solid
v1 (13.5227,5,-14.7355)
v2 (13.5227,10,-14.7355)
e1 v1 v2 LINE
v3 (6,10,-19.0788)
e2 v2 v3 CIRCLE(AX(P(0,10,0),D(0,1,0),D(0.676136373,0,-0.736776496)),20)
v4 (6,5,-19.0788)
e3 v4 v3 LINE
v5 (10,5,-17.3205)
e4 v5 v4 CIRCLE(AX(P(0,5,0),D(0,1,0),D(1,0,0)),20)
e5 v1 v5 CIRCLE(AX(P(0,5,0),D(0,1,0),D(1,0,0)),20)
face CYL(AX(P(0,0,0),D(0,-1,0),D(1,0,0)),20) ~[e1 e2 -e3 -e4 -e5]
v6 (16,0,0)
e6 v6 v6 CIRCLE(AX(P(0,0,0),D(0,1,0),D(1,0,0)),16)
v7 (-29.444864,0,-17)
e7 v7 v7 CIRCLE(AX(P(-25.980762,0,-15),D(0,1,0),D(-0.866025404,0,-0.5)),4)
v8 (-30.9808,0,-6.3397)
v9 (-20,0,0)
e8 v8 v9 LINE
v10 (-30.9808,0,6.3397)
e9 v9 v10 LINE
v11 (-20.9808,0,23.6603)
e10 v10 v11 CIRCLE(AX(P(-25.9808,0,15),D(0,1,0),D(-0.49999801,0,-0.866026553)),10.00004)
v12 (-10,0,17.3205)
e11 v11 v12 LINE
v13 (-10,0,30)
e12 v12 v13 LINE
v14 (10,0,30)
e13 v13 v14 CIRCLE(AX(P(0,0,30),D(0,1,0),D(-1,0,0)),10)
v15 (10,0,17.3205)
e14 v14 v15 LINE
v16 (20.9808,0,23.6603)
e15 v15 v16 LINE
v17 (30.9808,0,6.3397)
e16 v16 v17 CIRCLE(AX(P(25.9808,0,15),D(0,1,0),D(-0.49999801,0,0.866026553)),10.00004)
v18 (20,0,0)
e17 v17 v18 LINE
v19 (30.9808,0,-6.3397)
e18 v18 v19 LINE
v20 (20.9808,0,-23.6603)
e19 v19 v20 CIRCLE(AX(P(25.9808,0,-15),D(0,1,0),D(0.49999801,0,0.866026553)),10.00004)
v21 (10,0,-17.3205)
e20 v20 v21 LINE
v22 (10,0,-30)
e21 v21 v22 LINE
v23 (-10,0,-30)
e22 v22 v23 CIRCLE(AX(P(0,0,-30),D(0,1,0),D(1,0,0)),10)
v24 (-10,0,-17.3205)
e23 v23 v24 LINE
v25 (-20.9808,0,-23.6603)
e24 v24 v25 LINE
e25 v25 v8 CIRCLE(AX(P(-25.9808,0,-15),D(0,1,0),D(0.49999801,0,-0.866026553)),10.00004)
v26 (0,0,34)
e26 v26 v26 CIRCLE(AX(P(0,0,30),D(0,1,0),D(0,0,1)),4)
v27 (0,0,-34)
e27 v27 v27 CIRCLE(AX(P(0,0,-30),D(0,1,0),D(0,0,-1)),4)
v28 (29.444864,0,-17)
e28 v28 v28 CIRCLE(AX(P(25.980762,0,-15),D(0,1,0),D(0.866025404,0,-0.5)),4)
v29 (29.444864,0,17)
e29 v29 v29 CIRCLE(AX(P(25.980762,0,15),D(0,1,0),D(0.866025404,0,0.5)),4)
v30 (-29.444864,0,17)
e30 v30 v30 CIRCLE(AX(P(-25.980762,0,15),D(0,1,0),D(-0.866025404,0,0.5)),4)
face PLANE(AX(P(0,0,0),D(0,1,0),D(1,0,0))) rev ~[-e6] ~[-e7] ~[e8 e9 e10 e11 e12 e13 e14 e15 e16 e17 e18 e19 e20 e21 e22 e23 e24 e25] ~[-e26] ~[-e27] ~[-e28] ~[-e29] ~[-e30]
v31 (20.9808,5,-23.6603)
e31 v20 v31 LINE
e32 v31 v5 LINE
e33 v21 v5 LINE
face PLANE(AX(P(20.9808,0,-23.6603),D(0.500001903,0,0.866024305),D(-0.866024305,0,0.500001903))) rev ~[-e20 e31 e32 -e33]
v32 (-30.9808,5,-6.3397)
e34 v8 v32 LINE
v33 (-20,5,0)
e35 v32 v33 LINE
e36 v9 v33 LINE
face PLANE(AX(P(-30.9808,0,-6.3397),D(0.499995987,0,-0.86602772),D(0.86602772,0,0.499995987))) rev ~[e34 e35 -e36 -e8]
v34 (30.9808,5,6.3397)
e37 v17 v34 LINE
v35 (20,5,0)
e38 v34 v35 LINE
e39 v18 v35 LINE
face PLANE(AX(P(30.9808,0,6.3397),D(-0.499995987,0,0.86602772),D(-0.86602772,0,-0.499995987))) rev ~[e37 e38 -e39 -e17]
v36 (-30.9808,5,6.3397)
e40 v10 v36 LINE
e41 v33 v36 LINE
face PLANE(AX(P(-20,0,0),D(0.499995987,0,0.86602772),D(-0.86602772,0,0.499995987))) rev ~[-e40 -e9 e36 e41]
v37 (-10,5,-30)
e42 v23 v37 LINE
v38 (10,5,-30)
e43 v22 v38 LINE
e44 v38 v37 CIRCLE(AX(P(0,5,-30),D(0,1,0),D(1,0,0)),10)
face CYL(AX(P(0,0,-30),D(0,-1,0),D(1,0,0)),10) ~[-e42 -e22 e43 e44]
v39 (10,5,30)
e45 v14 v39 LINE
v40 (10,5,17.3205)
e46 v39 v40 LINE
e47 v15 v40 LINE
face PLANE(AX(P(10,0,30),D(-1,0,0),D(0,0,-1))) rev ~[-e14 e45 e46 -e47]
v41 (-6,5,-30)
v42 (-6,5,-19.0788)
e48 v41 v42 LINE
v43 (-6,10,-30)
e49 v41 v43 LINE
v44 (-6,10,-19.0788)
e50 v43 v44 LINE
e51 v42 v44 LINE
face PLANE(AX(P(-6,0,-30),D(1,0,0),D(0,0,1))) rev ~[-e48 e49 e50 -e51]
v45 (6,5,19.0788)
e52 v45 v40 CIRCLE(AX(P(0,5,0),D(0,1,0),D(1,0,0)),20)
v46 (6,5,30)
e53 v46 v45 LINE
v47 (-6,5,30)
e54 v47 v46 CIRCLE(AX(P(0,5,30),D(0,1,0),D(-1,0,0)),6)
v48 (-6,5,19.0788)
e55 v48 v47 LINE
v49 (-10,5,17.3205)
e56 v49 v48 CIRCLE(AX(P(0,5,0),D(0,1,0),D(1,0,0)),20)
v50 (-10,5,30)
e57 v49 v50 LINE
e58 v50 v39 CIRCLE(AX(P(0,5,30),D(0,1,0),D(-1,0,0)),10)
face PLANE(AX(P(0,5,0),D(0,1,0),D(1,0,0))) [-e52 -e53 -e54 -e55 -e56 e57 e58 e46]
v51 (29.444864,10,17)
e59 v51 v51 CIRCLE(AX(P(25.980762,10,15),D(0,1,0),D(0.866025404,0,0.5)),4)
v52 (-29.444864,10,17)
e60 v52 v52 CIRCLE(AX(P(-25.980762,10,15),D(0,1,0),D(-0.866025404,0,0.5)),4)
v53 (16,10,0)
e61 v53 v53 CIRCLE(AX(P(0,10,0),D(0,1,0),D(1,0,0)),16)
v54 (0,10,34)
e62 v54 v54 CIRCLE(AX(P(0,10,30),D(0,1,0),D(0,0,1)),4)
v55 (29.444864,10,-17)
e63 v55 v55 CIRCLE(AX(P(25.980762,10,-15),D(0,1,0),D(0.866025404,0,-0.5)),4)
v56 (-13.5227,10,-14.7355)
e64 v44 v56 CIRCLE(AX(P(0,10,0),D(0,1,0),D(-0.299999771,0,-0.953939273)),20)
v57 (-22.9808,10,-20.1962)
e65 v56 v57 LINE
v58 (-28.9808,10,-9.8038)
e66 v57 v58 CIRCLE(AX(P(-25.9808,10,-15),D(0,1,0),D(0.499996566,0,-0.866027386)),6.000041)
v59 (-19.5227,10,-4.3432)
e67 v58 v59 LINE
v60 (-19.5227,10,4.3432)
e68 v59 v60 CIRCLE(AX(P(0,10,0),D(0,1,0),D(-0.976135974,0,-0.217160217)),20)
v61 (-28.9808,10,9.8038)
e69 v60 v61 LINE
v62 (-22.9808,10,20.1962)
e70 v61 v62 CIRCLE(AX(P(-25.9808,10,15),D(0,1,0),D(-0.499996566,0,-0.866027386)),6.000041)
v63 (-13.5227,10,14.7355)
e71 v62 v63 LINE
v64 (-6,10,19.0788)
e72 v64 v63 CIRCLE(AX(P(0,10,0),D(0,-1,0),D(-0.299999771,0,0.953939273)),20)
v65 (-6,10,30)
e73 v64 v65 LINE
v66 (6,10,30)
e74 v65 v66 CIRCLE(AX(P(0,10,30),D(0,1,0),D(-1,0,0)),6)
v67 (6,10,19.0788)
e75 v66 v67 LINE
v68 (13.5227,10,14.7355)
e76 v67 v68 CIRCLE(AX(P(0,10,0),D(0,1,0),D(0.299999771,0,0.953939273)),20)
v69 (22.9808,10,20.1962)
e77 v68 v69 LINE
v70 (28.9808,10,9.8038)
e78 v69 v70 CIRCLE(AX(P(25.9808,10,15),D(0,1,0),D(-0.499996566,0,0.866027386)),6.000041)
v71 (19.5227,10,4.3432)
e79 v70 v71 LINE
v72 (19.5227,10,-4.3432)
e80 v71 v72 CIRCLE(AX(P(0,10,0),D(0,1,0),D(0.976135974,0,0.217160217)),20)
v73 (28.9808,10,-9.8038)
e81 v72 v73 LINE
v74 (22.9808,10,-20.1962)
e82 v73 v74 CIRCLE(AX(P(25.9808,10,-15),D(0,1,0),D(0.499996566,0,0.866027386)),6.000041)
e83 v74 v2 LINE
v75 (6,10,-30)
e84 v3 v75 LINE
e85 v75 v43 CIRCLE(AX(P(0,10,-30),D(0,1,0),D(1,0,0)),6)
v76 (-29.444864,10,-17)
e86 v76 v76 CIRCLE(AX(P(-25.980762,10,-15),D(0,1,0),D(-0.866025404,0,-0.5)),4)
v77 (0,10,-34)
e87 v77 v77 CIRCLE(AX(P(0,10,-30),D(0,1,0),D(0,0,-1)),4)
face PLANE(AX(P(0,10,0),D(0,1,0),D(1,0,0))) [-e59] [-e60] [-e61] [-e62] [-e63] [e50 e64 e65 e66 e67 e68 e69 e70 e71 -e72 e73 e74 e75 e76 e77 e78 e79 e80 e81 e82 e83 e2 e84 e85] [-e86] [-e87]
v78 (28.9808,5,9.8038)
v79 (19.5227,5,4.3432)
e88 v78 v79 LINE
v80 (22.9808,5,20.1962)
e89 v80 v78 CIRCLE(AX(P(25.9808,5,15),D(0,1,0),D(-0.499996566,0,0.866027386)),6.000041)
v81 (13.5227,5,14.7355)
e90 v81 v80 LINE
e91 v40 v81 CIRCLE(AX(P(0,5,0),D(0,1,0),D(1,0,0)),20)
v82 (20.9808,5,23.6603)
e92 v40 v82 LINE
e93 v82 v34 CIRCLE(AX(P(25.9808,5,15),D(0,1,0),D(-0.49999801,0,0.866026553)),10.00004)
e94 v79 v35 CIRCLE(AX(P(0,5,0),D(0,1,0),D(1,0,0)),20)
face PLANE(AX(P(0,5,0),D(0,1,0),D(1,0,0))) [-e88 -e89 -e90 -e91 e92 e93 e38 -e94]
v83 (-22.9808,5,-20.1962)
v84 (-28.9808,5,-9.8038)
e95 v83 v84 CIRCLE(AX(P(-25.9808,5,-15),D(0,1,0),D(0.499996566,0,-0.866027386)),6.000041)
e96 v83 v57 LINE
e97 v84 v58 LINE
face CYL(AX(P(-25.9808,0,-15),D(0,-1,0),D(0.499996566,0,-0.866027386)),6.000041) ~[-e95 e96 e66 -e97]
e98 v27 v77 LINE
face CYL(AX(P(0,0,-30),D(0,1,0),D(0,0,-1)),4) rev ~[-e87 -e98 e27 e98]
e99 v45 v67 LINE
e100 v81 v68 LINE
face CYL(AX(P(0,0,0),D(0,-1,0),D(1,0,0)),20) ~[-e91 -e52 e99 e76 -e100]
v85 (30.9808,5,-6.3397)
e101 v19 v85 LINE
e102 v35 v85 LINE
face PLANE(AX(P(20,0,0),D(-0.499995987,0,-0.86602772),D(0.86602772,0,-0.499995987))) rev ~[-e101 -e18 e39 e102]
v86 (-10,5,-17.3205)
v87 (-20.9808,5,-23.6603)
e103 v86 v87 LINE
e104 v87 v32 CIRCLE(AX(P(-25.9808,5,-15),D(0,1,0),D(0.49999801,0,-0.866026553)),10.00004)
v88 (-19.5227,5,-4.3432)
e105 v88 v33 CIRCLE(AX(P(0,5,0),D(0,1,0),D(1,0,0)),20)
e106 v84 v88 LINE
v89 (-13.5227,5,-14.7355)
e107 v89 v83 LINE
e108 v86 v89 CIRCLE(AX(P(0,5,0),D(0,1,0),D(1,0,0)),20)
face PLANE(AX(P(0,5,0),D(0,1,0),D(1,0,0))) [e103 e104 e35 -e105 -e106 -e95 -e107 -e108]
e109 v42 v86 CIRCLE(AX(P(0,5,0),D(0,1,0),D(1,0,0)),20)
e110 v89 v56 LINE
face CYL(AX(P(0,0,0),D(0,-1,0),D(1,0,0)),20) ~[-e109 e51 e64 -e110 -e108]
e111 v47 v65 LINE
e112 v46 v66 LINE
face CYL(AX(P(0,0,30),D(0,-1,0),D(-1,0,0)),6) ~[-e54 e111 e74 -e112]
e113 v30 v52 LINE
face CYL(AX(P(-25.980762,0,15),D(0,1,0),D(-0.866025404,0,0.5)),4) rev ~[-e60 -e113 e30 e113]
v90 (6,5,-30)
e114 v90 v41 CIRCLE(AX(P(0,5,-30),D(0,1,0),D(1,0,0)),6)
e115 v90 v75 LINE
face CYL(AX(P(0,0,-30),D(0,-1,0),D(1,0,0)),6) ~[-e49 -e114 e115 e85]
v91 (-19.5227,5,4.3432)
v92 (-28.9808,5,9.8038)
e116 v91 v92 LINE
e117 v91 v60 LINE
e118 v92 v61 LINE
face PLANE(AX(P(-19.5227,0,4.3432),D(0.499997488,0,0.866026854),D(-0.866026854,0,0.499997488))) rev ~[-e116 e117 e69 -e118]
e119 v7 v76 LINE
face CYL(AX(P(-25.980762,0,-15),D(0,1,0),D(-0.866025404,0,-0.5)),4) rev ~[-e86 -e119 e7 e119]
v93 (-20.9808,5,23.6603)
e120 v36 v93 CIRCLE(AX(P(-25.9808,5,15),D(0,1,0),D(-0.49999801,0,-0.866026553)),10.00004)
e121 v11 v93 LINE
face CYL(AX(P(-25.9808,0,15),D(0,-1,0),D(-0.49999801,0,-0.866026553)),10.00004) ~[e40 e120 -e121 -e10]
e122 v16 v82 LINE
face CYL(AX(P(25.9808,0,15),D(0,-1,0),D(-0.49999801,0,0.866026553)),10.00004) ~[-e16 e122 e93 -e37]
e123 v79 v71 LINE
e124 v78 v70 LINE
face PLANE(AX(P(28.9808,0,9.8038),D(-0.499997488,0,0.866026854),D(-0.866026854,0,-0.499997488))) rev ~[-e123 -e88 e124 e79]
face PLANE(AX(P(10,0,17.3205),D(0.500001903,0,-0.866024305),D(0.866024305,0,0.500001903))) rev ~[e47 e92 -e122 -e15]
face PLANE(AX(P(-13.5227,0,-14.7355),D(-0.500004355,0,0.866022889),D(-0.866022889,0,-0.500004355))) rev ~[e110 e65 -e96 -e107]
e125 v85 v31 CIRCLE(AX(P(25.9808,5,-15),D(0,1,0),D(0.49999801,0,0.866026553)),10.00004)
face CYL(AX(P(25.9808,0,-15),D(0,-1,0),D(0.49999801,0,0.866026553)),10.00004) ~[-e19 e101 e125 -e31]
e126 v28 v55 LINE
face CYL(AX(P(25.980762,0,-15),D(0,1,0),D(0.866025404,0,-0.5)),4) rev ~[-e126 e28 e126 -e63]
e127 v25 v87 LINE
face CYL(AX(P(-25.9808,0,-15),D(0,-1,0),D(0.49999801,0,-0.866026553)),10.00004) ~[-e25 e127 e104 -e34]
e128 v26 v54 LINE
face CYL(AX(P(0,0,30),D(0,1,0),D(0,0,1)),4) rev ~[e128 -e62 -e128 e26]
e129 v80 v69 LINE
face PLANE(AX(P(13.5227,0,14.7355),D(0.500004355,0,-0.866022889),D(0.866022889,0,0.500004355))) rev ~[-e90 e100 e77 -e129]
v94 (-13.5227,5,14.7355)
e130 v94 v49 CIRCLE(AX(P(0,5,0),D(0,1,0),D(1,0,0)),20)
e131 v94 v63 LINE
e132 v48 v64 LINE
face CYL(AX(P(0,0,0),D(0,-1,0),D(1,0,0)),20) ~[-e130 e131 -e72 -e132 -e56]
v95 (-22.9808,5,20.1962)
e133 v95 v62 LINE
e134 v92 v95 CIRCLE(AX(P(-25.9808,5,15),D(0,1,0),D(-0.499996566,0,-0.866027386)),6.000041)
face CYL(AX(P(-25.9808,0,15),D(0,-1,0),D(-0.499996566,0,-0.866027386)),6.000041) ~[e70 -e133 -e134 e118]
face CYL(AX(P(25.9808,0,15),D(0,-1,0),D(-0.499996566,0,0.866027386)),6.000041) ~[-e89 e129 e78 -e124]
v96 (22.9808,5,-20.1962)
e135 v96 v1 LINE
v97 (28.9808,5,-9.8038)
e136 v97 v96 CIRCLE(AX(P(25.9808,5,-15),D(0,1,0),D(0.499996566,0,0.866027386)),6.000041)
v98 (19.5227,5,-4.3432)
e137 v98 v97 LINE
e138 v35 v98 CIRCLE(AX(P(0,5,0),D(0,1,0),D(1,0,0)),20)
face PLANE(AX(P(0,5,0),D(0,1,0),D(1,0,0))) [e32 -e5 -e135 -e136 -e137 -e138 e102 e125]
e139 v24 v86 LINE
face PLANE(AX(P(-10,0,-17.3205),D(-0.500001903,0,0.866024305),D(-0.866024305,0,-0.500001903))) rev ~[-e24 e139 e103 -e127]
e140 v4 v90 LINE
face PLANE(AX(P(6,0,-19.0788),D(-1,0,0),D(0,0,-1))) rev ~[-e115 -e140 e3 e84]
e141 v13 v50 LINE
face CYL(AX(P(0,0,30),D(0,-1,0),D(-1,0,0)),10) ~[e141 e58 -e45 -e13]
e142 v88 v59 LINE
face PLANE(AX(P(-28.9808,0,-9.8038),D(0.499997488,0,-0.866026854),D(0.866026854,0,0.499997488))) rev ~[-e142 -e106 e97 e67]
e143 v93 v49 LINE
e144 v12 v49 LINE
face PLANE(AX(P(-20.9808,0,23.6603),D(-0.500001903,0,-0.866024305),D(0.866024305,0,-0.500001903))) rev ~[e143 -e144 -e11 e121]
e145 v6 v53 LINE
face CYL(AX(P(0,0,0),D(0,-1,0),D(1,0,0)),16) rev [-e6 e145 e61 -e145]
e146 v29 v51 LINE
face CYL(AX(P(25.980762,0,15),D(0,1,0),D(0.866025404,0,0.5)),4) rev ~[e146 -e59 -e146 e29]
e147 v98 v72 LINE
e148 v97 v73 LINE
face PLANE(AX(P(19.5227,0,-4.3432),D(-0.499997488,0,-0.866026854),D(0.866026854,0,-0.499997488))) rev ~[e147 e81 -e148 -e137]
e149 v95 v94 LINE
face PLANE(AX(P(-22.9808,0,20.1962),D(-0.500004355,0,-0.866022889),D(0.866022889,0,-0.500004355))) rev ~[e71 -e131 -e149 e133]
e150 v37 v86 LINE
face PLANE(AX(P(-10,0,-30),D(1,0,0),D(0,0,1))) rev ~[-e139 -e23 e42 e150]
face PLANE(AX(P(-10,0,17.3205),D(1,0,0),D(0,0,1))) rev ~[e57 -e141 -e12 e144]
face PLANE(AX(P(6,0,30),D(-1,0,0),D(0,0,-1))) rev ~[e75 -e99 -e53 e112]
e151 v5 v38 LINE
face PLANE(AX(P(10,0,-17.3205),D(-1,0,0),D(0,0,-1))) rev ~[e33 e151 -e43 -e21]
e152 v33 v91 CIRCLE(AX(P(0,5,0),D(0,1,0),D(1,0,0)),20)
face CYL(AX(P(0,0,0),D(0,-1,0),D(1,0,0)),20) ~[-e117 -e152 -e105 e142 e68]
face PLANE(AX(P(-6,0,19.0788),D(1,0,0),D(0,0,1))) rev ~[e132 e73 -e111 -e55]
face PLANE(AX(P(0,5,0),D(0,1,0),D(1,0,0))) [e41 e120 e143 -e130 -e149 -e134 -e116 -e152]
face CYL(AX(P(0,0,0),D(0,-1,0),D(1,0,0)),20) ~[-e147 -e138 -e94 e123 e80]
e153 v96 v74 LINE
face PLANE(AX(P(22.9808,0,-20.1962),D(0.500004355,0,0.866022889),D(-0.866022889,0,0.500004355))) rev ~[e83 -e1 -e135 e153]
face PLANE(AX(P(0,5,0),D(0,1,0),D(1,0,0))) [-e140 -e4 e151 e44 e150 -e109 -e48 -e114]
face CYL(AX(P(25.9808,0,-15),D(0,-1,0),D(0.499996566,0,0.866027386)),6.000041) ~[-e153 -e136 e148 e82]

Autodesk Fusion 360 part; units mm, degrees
sketch "Sketch1" plane through (0, 0, 0) normal (0, 1, 0) x (1, 0, 0)
  circle A0 centre (0, 0) radius 16
  circle A1 centre (0, 0) radius 30 construction
  arc A2 (-6, -30) -> (6, -30) centre (0, -30) ccw
  arc A3 (6, 30) -> (-6, 30) centre (0, 30) ccw
  arc A4 (-10, -30) -> (10, -30) centre (0, -30) ccw
  arc A5 (10, 30) -> (-10, 30) centre (0, 30) ccw
  circle A6 centre (0, 0) radius 20
  line L0 (-10, 30) -> (-10, 17.3205)
  line L1 (-10, -17.3205) -> (-10, -30)
  line L2 (-6, 30) -> (-6, 19.0788)
  line L3 (-6, -19.0788) -> (-6, -30)
  line L4 (0, 30) -> (0, 20) construction
  line L5 (0, -16) -> (0, -30) construction
  line L6 (6, -30) -> (6, -19.0788)
  line L7 (6, 19.0788) -> (6, 30)
  line L8 (10, -30) -> (10, -17.3205)
  line L9 (10, 17.3205) -> (10, 30)
  line L10 (-20, 0) -> (-30.9808, -6.3397)
  line L11 (-19.5227, -4.3432) -> (-28.9808, -9.8038)
  line L12 (-22.9808, -20.1962) -> (-13.5227, -14.7355)
  line L13 (-20.9808, -23.6603) -> (-10, -17.3205)
  arc A7 (-30.9808, -6.3397) -> (-20.9808, -23.6603) centre (-25.9808, -15) ccw
  arc A8 (-28.9808, -9.8038) -> (-22.9808, -20.1962) centre (-25.9808, -15) ccw
  line L14 (20, 0) -> (30.9808, 6.3397)
  line L15 (19.5227, 4.3432) -> (28.9808, 9.8038)
  line L16 (22.9808, 20.1962) -> (13.5227, 14.7355)
  line L17 (20.9808, 23.6603) -> (10, 17.3205)
  arc A9 (30.9808, 6.3397) -> (20.9808, 23.6603) centre (25.9808, 15) ccw
  arc A10 (28.9808, 9.8038) -> (22.9808, 20.1962) centre (25.9808, 15) ccw
  line L18 (10, -17.3205) -> (20.9808, -23.6603)
  line L19 (13.5227, -14.7355) -> (22.9808, -20.1962)
  line L20 (28.9808, -9.8038) -> (19.5227, -4.3432)
  line L21 (30.9808, -6.3397) -> (20, 0)
  arc A11 (20.9808, -23.6603) -> (30.9808, -6.3397) centre (25.9808, -15) ccw
  arc A12 (22.9808, -20.1962) -> (28.9808, -9.8038) centre (25.9808, -15) ccw
  line L22 (-10, 17.3205) -> (-20.9808, 23.6603)
  line L23 (-13.5227, 14.7355) -> (-22.9808, 20.1962)
  line L24 (-28.9808, 9.8038) -> (-19.5227, 4.3432)
  line L25 (-30.9808, 6.3397) -> (-20, 0)
  arc A13 (-20.9808, 23.6603) -> (-30.9808, 6.3397) centre (-25.9808, 15) ccw
  arc A14 (-22.9808, 20.1962) -> (-28.9808, 9.8038) centre (-25.9808, 15) ccw
  dimension "d1" = 32
  dimension "d2" = 60
  dimension "d3" = 12
  dimension "d5" = 40
  dimension "d7" = 360
extrude "Extrude1" add sketch "Sketch1" along normal blind 10 contours A2 A6 L3 L6 | A6 | A6 L11 L12 A8 | A6 L19 L20 A12 | A6 L23 L24 A14 | A6 L15 L16 A10 | A3 A6 L2 L7
extrude "Extrude2" add sketch "Sketch1" along normal blind 5 contours A2 A4 A6 L1 L3 L6 L8 | A6 L10 L11 L12 L13 A7 A8 | A6 L18 L19 L20 L21 A11 A12 | A6 L22 L23 L24 L25 A13 A14 | A6 L14 L15 L16 L17 A9 A10 | A3 A5 A6 L0 L2 L7 L9
hole "Hole1" at (0, 0, -30) direction (0, 1, 0) diameter 8 end through all
pattern_circular "C-Pattern1" count 6 over 360 about axis through (0, 1.75, 0) along (0, 1, 0) of "Hole1"
